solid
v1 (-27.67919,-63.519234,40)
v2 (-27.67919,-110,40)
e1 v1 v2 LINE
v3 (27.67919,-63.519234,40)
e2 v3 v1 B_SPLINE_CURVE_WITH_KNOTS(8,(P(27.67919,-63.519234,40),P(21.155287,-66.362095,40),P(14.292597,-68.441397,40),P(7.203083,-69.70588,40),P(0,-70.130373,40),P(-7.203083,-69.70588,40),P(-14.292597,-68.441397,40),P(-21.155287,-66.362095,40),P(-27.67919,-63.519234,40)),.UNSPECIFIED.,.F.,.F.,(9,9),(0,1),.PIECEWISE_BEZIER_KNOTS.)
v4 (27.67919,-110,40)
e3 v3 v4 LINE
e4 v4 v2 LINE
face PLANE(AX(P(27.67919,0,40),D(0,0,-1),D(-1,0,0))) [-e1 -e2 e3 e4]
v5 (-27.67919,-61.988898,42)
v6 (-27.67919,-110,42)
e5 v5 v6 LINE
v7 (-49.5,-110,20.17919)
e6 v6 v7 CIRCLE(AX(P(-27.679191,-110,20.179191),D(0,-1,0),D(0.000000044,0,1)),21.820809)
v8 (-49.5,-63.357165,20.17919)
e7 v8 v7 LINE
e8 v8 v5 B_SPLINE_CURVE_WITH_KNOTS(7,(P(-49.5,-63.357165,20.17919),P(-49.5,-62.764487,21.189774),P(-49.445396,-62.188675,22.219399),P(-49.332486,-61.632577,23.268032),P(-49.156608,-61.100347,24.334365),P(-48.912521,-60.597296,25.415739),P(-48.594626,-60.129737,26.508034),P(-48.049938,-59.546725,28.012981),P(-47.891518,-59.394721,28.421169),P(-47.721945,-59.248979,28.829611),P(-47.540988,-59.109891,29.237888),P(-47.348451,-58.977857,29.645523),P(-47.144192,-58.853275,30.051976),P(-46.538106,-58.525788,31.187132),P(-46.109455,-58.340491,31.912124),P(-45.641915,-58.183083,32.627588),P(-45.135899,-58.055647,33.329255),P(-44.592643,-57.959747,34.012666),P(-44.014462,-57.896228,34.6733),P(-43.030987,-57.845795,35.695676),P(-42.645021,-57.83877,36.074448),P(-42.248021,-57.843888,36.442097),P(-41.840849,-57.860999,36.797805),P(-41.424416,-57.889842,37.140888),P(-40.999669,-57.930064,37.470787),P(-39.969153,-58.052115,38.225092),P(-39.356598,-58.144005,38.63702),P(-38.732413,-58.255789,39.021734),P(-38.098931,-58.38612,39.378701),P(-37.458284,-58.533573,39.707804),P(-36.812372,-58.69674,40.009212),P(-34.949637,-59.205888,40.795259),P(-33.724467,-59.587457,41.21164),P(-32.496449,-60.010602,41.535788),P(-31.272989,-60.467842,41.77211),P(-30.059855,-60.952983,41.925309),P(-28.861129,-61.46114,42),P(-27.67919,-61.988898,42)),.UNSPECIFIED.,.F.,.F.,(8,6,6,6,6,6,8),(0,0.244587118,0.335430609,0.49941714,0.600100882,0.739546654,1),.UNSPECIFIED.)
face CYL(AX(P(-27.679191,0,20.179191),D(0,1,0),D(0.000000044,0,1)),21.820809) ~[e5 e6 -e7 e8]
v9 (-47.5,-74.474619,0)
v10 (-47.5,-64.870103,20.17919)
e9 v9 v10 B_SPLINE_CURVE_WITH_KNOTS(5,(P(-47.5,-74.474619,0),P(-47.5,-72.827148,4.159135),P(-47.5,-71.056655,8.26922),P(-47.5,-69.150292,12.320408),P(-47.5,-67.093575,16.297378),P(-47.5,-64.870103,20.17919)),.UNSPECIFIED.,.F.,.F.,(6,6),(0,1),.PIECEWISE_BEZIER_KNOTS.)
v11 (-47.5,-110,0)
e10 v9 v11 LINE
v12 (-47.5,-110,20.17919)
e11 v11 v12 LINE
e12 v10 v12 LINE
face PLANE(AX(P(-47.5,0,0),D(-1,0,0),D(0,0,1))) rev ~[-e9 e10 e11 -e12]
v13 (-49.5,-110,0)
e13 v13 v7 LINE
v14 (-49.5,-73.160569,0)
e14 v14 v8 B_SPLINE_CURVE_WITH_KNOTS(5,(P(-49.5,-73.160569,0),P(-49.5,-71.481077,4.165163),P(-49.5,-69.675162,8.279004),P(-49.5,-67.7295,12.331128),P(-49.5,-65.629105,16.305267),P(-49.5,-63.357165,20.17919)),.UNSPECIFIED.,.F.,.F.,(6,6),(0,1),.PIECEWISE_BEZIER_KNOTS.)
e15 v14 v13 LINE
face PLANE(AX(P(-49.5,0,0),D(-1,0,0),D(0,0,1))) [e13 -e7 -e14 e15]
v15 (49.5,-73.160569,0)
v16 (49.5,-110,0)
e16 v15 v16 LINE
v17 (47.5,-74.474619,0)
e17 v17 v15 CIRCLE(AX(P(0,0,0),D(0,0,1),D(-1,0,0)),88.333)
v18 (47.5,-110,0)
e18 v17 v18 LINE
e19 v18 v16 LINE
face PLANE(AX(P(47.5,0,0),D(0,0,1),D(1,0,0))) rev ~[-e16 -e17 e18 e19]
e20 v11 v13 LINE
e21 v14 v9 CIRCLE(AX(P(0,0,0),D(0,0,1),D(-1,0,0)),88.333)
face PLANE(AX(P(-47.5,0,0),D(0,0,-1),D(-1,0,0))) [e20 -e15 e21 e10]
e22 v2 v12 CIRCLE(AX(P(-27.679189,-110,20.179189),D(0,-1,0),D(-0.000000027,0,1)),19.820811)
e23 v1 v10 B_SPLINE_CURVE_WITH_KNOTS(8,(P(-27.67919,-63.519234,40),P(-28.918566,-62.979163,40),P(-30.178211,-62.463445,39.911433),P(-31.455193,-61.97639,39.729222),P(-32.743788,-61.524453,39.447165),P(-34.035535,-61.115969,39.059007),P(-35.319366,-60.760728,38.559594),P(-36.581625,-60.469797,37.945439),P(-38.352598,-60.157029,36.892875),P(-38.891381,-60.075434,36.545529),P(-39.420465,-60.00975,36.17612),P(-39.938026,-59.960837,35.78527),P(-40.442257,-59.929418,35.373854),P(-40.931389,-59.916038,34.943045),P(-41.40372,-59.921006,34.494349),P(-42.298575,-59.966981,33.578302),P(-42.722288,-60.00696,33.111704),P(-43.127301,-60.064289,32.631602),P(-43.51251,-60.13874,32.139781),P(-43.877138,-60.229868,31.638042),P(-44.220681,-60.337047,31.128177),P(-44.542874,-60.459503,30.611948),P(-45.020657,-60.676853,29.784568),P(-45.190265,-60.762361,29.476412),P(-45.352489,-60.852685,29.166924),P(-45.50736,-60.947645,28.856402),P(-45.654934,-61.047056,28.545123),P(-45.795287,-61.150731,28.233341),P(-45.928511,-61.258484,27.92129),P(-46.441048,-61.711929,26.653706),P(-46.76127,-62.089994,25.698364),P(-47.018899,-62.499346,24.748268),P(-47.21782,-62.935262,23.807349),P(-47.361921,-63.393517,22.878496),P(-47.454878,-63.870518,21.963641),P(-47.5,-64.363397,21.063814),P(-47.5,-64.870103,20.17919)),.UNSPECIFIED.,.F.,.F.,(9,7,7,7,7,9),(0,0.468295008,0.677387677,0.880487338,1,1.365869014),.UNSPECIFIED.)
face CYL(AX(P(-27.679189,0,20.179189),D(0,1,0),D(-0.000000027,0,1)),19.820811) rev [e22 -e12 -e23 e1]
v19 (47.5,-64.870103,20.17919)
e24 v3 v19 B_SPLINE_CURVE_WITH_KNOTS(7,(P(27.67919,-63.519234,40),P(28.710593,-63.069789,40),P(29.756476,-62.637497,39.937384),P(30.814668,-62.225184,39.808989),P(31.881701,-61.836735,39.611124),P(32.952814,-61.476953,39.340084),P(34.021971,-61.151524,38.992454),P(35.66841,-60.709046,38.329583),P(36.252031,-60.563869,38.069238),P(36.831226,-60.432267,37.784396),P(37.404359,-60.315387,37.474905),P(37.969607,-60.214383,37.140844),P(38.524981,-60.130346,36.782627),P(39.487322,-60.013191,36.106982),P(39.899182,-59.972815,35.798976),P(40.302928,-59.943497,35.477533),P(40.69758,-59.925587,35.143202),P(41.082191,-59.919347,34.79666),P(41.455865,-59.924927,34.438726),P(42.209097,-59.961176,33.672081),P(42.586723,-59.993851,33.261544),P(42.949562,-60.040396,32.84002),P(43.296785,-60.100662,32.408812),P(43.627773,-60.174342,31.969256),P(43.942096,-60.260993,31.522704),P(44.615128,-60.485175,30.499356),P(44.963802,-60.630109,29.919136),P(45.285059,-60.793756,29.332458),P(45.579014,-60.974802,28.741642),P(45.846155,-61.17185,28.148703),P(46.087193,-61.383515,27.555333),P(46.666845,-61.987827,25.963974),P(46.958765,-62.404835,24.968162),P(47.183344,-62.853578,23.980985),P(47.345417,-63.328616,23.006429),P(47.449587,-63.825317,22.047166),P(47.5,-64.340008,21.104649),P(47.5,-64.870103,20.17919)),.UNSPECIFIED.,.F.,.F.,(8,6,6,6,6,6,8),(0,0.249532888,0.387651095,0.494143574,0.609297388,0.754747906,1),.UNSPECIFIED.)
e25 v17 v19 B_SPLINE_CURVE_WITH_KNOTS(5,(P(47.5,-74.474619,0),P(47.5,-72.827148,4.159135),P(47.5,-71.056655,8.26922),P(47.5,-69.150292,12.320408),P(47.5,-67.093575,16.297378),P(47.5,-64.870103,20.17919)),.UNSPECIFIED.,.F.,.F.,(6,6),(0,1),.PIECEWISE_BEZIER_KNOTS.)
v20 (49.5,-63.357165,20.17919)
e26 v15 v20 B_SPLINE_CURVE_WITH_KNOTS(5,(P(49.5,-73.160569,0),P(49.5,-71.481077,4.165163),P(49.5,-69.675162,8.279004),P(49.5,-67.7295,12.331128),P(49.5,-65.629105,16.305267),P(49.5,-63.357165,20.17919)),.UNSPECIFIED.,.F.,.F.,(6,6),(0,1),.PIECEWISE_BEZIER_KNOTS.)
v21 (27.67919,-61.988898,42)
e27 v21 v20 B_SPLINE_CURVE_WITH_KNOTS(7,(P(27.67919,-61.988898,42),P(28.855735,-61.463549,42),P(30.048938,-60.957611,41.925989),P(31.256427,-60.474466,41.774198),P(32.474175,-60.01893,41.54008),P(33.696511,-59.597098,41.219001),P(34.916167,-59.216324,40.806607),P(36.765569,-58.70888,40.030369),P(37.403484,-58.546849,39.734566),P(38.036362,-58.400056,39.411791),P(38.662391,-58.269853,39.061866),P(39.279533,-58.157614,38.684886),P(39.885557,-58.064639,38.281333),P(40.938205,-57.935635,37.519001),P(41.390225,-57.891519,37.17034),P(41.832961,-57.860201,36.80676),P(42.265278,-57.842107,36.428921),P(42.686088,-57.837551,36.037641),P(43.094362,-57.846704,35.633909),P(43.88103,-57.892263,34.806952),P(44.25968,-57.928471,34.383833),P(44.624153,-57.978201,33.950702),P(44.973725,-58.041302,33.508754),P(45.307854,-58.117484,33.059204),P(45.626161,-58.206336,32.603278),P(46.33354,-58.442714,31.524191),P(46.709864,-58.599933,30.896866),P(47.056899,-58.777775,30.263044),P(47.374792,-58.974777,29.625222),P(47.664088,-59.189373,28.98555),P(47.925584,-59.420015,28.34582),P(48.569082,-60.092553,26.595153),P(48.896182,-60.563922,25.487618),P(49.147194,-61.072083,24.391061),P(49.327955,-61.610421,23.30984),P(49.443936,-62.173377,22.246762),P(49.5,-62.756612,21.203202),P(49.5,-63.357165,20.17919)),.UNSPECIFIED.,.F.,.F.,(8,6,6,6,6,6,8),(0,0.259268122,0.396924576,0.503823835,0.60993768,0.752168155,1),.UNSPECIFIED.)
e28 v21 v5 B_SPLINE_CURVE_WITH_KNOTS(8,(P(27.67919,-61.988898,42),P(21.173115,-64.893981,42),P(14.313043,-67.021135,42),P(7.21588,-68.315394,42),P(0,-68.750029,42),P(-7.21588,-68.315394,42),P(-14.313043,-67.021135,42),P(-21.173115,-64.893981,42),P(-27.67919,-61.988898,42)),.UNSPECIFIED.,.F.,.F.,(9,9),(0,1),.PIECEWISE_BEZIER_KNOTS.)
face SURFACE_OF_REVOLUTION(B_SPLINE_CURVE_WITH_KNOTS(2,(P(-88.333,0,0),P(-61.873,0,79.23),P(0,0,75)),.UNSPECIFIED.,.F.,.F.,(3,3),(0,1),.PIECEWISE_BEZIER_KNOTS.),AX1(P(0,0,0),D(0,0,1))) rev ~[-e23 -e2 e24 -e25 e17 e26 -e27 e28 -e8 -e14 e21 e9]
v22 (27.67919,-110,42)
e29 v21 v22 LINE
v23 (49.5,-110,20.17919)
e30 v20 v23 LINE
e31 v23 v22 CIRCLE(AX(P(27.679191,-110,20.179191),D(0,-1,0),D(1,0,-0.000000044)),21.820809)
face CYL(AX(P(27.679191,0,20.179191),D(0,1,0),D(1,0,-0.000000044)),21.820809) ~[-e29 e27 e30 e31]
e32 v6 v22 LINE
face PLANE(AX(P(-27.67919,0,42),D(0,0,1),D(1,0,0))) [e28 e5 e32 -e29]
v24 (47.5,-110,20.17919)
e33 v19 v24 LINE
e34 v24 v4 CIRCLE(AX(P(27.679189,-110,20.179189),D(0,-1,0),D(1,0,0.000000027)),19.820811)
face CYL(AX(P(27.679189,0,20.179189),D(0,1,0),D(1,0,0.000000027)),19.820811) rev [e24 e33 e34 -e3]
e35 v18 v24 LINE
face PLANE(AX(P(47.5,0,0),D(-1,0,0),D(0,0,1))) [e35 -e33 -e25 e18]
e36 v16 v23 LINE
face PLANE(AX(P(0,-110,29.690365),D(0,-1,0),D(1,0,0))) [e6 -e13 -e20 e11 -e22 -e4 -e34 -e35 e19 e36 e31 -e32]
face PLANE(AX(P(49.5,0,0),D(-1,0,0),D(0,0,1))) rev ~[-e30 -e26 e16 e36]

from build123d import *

# Parameters (mm, degrees)
EXTRUDE003_DEPTH = 110


with BuildPart() as neg_dome:
    # Sketch006 → Revolve002 (revolve)
    with BuildSketch(Plane.XZ):
        with BuildLine():
            add(Edge.make_bspline(
                [(-88.333, 0), (-61.873, 79.23), (0, 75)],
                knots=[0, 0, 0, 1, 1, 1], degree=2))
            Line((0, 75), (0, 0))
            Line((0, 0), (-88.333, 0))
        make_face()
    revolve(axis=Axis((0, 0, 0), (0, 0, 1)))


with BuildPart() as pos_cap:
    # Sketch003 → Extrude003 (new body)
    with BuildSketch(Plane.XZ):
        with BuildLine():
            Line((-47.5, 0), (-47.5, 20.17919))
            ThreePointArc((-27.67919, 40), (-41.694619, 34.194619), (-47.5, 20.17919))
            Line((27.67919, 40), (-27.67919, 40))
            ThreePointArc((47.5, 20.17919), (41.694619, 34.194619), (27.67919, 40))
            Line((47.5, 0), (47.5, 20.17919))
            Line((47.5, 0), (49.5, 0))
            Line((49.5, 0), (49.5, 20.17919))
            ThreePointArc((49.5, 20.17919), (43.108833, 35.608833), (27.67919, 42))
            Line((-27.67919, 42), (27.67919, 42))
            ThreePointArc((-27.67919, 42), (-43.108833, 35.608833), (-49.5, 20.17919))
            Line((-49.5, 0), (-49.5, 20.17919))
            Line((-47.5, 0), (-49.5, 0))
        make_face()
    extrude(amount=EXTRUDE003_DEPTH)

    # Cut002: cut neg_dome
    add(neg_dome.part, mode=Mode.SUBTRACT)


solid = pos_cap.part
